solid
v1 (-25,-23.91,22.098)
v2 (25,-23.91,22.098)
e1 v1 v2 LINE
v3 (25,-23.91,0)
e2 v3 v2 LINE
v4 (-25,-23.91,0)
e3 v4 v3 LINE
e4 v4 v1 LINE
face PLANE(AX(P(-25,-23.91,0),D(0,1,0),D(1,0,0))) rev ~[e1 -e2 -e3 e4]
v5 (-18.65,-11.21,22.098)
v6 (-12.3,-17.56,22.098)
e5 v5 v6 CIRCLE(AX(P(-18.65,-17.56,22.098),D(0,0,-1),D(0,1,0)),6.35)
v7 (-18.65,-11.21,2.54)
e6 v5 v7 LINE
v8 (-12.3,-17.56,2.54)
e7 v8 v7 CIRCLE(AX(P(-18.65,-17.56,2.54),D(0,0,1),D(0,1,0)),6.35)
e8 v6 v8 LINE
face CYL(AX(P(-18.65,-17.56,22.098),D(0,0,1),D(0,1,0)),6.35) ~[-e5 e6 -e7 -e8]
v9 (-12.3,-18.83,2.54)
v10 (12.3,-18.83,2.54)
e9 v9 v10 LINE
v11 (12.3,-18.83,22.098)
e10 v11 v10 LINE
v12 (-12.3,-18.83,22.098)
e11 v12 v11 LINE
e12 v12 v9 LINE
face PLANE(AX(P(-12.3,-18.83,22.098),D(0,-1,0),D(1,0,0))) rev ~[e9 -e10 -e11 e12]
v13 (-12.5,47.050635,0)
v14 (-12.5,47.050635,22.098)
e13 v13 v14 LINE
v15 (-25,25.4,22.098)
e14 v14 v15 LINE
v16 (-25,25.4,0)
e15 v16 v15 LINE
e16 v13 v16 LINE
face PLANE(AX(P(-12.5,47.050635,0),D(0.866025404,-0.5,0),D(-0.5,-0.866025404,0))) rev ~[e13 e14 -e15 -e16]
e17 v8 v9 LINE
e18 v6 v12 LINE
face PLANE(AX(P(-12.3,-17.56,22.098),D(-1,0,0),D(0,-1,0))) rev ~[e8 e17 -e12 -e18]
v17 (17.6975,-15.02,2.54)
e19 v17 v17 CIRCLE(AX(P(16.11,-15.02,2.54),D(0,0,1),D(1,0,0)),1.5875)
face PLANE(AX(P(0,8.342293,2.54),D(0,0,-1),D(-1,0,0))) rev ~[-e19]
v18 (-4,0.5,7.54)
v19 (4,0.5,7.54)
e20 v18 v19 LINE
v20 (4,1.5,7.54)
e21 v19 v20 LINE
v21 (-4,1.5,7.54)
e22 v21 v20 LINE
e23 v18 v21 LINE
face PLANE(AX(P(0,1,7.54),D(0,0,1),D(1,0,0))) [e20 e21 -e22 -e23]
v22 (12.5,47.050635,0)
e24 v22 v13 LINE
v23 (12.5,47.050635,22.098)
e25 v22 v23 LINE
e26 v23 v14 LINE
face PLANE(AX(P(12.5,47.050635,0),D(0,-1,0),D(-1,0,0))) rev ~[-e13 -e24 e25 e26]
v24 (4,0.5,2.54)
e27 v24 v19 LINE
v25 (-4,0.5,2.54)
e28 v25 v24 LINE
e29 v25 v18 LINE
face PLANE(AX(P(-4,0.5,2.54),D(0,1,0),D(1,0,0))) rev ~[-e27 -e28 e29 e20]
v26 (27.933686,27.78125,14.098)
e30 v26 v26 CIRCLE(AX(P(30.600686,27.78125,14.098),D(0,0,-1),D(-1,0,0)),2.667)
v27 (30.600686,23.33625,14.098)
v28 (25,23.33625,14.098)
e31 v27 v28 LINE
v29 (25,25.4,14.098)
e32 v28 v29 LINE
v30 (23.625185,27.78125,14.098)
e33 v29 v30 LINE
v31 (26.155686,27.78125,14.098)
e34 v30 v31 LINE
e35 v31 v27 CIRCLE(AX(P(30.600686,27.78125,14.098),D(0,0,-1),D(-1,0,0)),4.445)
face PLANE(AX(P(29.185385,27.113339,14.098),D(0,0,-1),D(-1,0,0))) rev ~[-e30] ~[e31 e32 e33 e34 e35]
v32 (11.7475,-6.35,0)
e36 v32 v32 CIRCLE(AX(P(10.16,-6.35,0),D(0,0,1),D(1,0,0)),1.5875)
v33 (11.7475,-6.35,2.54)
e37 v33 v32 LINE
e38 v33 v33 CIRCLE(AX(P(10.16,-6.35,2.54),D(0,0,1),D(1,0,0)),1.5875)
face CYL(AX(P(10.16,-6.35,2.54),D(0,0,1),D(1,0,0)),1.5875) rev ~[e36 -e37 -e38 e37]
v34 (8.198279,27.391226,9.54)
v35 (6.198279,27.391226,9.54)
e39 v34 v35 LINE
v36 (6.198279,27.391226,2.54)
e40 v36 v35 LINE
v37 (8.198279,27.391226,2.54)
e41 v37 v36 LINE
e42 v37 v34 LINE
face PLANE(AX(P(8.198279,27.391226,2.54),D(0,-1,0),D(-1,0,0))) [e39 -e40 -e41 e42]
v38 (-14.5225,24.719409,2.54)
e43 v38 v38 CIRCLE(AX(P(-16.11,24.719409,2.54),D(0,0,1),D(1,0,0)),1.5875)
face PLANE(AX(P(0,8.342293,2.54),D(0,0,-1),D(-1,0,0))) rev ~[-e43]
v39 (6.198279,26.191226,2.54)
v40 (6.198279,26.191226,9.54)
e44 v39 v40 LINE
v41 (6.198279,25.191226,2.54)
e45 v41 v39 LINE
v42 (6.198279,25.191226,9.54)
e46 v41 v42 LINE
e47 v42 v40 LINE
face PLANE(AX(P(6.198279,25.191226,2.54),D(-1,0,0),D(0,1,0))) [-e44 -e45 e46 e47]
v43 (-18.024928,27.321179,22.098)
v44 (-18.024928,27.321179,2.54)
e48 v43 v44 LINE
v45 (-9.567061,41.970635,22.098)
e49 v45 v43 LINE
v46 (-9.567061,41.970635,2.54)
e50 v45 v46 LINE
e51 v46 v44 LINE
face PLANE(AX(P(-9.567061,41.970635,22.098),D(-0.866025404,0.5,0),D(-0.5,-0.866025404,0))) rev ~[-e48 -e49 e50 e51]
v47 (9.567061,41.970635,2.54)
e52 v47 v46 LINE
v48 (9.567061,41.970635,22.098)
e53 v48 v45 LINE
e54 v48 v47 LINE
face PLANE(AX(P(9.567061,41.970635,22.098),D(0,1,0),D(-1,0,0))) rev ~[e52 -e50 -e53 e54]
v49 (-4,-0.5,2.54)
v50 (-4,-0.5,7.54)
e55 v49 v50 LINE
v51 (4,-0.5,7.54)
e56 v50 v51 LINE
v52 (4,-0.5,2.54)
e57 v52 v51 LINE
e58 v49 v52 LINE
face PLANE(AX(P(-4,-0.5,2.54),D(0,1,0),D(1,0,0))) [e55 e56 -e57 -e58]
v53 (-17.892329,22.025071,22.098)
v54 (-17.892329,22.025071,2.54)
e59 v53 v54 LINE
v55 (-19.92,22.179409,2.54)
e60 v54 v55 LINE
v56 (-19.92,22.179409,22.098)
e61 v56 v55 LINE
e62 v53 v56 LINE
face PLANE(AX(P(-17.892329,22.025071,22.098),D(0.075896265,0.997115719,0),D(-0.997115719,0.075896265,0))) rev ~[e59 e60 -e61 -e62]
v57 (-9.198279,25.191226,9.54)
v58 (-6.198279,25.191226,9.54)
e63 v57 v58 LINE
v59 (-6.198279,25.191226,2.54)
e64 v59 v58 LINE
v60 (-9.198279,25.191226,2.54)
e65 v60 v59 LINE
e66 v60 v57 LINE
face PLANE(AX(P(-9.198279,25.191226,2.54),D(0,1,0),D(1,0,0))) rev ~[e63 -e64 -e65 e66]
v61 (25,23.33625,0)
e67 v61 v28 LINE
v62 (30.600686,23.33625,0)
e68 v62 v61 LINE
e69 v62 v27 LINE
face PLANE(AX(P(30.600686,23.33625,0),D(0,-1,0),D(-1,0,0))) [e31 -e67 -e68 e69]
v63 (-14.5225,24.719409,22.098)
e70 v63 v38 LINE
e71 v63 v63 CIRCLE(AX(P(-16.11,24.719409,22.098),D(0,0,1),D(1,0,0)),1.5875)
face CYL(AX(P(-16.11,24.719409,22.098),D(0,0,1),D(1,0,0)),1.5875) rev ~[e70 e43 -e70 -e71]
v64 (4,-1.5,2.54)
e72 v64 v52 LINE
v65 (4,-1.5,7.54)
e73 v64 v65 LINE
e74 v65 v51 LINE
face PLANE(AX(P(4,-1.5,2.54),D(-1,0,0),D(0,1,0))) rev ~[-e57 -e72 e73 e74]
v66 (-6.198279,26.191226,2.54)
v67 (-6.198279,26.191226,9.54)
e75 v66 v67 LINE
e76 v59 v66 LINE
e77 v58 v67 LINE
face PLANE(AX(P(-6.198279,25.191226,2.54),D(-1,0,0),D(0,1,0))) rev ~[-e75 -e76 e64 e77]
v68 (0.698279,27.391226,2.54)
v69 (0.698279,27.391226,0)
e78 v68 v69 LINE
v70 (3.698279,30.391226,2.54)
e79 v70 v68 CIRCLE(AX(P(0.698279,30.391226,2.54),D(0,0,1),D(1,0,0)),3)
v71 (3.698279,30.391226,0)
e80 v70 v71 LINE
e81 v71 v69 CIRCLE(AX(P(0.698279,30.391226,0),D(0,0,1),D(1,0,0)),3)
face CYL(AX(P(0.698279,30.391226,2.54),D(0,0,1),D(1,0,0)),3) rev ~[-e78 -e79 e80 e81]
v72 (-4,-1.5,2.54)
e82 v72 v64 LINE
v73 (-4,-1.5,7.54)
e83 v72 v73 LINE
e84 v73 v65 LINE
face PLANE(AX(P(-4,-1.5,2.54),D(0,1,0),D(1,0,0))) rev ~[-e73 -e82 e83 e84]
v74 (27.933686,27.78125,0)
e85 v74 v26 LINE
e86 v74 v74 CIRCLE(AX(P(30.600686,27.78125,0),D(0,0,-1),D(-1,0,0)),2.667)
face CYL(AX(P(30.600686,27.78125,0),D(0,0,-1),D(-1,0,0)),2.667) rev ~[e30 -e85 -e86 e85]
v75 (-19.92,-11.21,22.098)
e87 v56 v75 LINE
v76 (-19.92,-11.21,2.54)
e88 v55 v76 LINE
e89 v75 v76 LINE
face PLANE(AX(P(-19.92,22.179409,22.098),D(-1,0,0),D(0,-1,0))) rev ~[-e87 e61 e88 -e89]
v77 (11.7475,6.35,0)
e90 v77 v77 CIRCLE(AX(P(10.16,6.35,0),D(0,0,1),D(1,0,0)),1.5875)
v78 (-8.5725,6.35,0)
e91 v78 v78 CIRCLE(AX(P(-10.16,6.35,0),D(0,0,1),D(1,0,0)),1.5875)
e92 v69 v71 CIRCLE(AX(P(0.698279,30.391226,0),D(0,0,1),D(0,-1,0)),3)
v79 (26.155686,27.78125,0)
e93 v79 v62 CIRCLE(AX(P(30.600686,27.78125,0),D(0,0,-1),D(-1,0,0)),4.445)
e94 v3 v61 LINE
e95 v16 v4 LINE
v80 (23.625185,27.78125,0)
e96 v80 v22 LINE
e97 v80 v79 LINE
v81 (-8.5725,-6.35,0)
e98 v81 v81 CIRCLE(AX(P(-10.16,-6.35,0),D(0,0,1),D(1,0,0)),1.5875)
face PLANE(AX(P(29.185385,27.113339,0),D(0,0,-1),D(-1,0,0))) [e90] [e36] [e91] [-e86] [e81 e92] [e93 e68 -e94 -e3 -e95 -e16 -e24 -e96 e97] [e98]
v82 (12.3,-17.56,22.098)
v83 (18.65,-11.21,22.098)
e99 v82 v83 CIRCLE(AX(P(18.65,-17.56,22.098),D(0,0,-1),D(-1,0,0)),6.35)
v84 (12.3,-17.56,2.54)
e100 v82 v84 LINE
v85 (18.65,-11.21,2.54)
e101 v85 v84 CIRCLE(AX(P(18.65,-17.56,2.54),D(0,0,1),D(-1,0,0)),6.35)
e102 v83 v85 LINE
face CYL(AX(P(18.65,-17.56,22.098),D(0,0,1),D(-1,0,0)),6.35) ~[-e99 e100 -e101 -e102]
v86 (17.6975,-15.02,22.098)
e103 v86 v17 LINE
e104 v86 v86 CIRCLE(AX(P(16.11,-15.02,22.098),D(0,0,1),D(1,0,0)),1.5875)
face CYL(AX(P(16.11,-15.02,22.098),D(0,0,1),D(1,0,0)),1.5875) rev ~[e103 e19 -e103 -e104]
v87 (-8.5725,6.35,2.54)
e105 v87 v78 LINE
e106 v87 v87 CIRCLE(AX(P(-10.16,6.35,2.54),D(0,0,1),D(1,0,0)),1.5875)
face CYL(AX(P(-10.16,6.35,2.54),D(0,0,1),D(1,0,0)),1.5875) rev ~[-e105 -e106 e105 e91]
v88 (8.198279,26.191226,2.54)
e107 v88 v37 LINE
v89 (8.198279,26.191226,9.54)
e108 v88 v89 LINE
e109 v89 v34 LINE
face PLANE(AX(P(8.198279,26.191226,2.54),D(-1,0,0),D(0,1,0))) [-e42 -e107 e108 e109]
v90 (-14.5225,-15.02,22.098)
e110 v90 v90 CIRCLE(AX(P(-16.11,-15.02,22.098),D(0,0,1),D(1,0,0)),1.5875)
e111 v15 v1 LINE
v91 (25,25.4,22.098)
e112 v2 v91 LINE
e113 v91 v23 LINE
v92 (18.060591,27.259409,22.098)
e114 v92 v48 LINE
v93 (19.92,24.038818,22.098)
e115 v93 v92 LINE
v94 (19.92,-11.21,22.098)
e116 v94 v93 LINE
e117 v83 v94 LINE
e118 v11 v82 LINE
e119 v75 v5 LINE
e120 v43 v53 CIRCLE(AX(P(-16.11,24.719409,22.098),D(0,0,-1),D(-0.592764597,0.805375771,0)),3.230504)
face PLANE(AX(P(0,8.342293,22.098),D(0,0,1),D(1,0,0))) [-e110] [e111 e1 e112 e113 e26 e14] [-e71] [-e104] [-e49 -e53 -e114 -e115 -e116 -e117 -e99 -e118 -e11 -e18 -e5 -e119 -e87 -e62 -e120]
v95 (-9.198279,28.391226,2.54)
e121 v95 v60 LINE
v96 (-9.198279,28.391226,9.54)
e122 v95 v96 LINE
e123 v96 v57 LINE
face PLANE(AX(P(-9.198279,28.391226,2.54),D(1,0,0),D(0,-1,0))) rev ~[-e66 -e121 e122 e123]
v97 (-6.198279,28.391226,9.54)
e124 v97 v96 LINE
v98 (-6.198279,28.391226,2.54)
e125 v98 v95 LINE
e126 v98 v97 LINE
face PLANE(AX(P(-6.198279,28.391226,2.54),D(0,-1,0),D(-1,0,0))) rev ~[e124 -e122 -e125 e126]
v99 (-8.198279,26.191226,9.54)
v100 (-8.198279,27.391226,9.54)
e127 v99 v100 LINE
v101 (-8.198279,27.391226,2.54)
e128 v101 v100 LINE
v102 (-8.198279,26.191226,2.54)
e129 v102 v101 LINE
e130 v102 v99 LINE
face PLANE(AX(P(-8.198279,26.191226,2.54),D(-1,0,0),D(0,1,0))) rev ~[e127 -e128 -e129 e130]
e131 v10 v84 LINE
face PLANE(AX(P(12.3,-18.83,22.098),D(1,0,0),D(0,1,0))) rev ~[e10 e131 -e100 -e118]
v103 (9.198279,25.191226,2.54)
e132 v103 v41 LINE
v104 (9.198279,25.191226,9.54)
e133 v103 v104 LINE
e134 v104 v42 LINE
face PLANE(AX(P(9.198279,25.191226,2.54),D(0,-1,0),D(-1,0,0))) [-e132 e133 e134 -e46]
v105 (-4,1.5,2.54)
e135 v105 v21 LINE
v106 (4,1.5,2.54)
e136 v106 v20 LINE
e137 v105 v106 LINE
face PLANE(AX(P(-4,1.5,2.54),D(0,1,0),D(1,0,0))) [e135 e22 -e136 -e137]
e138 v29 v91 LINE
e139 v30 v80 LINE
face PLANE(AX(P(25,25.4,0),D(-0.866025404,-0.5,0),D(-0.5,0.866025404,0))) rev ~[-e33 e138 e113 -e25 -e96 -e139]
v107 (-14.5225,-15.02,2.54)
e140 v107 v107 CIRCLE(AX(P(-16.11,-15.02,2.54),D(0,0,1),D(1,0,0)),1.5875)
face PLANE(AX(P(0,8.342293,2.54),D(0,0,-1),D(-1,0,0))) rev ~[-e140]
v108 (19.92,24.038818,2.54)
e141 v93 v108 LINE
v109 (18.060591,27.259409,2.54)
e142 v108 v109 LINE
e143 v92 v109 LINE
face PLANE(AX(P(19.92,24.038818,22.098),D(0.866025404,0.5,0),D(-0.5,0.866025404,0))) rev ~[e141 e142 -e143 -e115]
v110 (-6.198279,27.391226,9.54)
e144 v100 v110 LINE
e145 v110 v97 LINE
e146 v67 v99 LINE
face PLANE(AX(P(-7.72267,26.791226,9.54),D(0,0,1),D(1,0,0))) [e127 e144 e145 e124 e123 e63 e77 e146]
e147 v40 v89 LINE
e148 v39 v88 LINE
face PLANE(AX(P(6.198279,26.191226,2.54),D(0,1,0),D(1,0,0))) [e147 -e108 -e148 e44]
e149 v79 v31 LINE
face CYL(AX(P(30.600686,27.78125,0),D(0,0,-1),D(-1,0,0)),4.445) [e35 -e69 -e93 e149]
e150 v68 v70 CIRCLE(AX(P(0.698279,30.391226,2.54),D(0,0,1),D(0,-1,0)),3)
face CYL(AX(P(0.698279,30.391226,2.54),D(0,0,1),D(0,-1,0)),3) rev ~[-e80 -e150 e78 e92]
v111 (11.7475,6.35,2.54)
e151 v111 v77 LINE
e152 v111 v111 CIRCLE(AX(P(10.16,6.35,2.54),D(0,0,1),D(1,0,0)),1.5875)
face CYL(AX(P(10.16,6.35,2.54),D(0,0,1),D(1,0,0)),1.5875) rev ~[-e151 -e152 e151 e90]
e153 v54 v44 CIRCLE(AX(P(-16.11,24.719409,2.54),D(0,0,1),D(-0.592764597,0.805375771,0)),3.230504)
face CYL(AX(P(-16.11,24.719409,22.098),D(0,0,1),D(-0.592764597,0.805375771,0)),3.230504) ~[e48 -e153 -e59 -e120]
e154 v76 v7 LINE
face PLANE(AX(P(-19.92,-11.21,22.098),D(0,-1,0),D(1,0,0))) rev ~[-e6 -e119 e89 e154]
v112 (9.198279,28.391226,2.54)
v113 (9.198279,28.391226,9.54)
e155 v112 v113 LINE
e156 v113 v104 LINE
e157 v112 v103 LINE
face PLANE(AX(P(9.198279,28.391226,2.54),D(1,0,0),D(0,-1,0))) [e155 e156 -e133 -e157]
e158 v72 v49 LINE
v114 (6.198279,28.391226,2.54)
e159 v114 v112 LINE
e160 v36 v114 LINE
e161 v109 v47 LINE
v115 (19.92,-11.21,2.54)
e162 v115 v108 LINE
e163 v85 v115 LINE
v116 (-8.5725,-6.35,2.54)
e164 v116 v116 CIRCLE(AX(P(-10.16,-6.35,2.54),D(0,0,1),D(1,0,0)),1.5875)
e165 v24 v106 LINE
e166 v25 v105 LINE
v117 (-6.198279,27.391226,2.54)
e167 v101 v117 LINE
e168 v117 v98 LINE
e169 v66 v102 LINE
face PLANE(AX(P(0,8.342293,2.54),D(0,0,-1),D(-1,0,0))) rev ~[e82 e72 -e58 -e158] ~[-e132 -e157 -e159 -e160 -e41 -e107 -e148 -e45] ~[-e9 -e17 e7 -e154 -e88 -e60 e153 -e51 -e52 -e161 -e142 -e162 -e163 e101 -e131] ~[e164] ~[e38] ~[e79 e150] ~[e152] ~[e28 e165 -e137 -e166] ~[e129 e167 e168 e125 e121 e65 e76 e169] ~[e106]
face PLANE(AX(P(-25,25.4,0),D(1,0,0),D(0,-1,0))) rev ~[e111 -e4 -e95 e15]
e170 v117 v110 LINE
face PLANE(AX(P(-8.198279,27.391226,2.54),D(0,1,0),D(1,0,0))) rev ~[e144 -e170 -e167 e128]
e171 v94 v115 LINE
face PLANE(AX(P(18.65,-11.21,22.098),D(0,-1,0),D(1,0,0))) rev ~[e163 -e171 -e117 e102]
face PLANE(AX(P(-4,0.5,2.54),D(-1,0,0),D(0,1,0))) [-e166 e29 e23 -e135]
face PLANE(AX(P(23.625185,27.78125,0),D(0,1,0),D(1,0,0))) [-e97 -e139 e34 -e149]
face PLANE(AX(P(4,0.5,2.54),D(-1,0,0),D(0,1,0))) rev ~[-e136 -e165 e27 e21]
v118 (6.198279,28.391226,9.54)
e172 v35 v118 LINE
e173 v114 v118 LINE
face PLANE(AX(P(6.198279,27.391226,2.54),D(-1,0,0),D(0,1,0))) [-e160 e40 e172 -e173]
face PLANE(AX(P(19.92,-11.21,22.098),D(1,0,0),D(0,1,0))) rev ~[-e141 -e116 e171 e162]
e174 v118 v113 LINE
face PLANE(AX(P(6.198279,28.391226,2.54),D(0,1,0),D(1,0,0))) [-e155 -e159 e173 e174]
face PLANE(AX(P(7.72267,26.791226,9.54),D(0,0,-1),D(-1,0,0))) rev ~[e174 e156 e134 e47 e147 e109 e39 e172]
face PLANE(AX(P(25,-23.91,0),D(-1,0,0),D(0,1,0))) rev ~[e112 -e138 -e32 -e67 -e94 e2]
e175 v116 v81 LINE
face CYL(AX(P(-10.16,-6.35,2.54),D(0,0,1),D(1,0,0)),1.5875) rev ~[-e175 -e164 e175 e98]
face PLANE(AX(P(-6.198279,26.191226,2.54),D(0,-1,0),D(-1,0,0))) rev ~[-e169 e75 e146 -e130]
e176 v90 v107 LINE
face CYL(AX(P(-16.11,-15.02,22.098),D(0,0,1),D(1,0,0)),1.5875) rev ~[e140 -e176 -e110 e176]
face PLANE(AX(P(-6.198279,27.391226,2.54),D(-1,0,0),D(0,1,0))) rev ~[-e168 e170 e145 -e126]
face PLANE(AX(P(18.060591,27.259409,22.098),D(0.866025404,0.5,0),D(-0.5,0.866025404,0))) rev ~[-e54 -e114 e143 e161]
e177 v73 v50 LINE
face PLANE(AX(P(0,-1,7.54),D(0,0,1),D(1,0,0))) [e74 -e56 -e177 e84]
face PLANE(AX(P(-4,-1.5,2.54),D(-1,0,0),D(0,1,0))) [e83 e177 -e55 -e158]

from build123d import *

# Parameters (mm, degrees)
BOSS_EXTRUDE1_DEPTH = 22.098
SKETCH3_R           = 2.667
BOSS_EXTRUDE2_DEPTH = 14.098
SKETCH11_R          = 1.5875
CUT_EXTRUDE7_DEPTH  = 33.02
BOSS_EXTRUDE4_DEPTH = 2.54
SKETCH16_R          = 1.5875
CUT_EXTRUDE11_DEPTH = 2.54
BOSS_EXTRUDE5_DEPTH = 7
CUT_EXTRUDE14_DEPTH = 7
SKETCH22_W          = 8
SKETCH22_H          = 1
BOSS_EXTRUDE6_DEPTH = 5


with BuildPart() as part:
    # Sketch1 → Boss-Extrude1 (new body)
    with BuildSketch(Plane.XY):
        Polygon((-25, 25.4), (-25, -23.909999932), (25, -23.909999932), (25, 25.4), (12.5, 47.050635095), (-12.5, 47.050635095), align=None)
    extrude(amount=BOSS_EXTRUDE1_DEPTH)

    # Sketch3 → Boss-Extrude2 (add)
    with BuildSketch(Plane(origin=(0, 0, 0), x_dir=(-1, 0, 0), z_dir=(0, 0, -1))):
        with BuildLine():
            ThreePointArc((-26.155685571, 27.78125), (-33.743775214, 30.924339642), (-30.600685571, 23.33625))
            Line((-30.600685571, 23.33625), (-25, 23.33625))
            Line((-25, 23.33625), (-25, 25.4))
            Line((-25, 25.4), (-23.625184671, 27.78125))
            Line((-23.625184671, 27.78125), (-26.155685571, 27.78125))
        make_face()
        with Locations((-30.600685571, 27.78125)):
            Circle(SKETCH3_R, mode=Mode.SUBTRACT)
    extrude(amount=-BOSS_EXTRUDE2_DEPTH)

    # Sketch11 → Cut-Extrude7 (cut)
    with BuildSketch(Plane.XY.offset(22.098)):
        with BuildLine():
            Line((-17.892329478, 22.025071278), (-19.92, 22.179409051))
            Line((-19.92, 22.179409051), (-19.92, -11.209999932))
            Line((-19.92, -11.209999932), (-18.65, -11.209999932))
            ThreePointArc((-18.65, -11.209999932), (-14.159871939, -13.069871871), (-12.3, -17.559999932))
            Line((-12.3, -17.559999932), (-12.3, -18.829999932))
            Line((-12.3, -18.829999932), (12.3, -18.829999932))
            Line((12.3, -18.829999932), (12.3, -17.559999932))
            ThreePointArc((12.3, -17.559999932), (14.159871939, -13.069871871), (18.65, -11.209999932))
            Line((18.65, -11.209999932), (19.92, -11.209999932))
            Line((19.92, -11.209999932), (19.92, 24.038818102))
            Line((19.92, 24.038818102), (18.060590949, 27.259409051))
            Line((18.060590949, 27.259409051), (9.567060633, 41.970635095))
            Line((9.567060633, 41.970635095), (-9.567060633, 41.970635095))
            Line((-9.567060633, 41.970635095), (-18.024928281, 27.321178603))
            ThreePointArc((-18.024928281, 27.321178603), (-12.880508254, 24.800266004), (-17.892329478, 22.025071278))
        make_face()
        with Locations((-16.11, 24.719409119)):
            Circle(SKETCH11_R)
        with Locations((16.11, -15.02)):
            Circle(SKETCH11_R)
        with Locations((-16.11, -15.019999932)):
            Circle(SKETCH11_R)
    extrude(amount=-CUT_EXTRUDE7_DEPTH, mode=Mode.SUBTRACT)

    # Sketch12 → Boss-Extrude4 (add)
    with BuildSketch(Plane(origin=(0, 0, 0), x_dir=(-1, 0, 0), z_dir=(0, 0, -1))):
        Polygon((-25, -23.909999932), (25, -23.909999932), (25, 25.4), (12.5, 47.050635095), (-12.5, 47.050635095), (-25, 25.4), align=None)
    extrude(amount=-BOSS_EXTRUDE4_DEPTH)

    # Sketch16 → Cut-Extrude11 (cut)
    with BuildSketch(Plane.XY.offset(2.54)):
        with Locations((-10.16, 6.35)):
            Circle(SKETCH16_R)
        with Locations((-10.16, -6.35)):
            Circle(SKETCH16_R)
        with Locations((10.16, 6.35)):
            Circle(SKETCH16_R)
        with Locations((10.16, -6.35)):
            Circle(SKETCH16_R)
    extrude(amount=-CUT_EXTRUDE11_DEPTH, mode=Mode.SUBTRACT)

    # Sketch20 → Boss-Extrude5 (add)
    with BuildSketch(Plane.XY.offset(2.54)):
        Polygon((-9.198279291, 25.191225954), (-6.198279291, 25.191225954), (-6.198279291, 26.191225954), (-8.198279291, 26.191225954), (-8.198279291, 27.391225954), (-6.198279291, 27.391225954), (-6.198279291, 28.391225954), (-9.198279291, 28.391225954), align=None)
        Polygon((8.198279291, 26.191225954), (8.198279291, 27.391225954), (6.198279291, 27.391225954), (6.198279291, 28.391225954), (9.198279291, 28.391225954), (9.198279291, 25.191225954), (6.198279291, 25.191225954), (6.198279291, 26.191225954), align=None)
    extrude(amount=BOSS_EXTRUDE5_DEPTH)

    # Sketch21 → Cut-Extrude14 (cut)
    with BuildSketch(Plane.XY.offset(2.54)):
        with BuildLine():
            ThreePointArc((0.698279291, 27.391225954), (2.819599635, 28.269905611), (3.698279291, 30.391225954))
            ThreePointArc((3.698279291, 30.391225954), (-1.423041052, 32.512546298), (0.698279291, 27.391225954))
        make_face()
    extrude(amount=-CUT_EXTRUDE14_DEPTH, mode=Mode.SUBTRACT)

    # Sketch22 → Boss-Extrude6 (add)
    with BuildSketch(Plane.XY.offset(2.54)):
        with Locations((0, 1)):
            Rectangle(SKETCH22_W, SKETCH22_H)
        with Locations((0, -1)):
            Rectangle(SKETCH22_W, SKETCH22_H)
    extrude(amount=BOSS_EXTRUDE6_DEPTH)


solid = part.part
